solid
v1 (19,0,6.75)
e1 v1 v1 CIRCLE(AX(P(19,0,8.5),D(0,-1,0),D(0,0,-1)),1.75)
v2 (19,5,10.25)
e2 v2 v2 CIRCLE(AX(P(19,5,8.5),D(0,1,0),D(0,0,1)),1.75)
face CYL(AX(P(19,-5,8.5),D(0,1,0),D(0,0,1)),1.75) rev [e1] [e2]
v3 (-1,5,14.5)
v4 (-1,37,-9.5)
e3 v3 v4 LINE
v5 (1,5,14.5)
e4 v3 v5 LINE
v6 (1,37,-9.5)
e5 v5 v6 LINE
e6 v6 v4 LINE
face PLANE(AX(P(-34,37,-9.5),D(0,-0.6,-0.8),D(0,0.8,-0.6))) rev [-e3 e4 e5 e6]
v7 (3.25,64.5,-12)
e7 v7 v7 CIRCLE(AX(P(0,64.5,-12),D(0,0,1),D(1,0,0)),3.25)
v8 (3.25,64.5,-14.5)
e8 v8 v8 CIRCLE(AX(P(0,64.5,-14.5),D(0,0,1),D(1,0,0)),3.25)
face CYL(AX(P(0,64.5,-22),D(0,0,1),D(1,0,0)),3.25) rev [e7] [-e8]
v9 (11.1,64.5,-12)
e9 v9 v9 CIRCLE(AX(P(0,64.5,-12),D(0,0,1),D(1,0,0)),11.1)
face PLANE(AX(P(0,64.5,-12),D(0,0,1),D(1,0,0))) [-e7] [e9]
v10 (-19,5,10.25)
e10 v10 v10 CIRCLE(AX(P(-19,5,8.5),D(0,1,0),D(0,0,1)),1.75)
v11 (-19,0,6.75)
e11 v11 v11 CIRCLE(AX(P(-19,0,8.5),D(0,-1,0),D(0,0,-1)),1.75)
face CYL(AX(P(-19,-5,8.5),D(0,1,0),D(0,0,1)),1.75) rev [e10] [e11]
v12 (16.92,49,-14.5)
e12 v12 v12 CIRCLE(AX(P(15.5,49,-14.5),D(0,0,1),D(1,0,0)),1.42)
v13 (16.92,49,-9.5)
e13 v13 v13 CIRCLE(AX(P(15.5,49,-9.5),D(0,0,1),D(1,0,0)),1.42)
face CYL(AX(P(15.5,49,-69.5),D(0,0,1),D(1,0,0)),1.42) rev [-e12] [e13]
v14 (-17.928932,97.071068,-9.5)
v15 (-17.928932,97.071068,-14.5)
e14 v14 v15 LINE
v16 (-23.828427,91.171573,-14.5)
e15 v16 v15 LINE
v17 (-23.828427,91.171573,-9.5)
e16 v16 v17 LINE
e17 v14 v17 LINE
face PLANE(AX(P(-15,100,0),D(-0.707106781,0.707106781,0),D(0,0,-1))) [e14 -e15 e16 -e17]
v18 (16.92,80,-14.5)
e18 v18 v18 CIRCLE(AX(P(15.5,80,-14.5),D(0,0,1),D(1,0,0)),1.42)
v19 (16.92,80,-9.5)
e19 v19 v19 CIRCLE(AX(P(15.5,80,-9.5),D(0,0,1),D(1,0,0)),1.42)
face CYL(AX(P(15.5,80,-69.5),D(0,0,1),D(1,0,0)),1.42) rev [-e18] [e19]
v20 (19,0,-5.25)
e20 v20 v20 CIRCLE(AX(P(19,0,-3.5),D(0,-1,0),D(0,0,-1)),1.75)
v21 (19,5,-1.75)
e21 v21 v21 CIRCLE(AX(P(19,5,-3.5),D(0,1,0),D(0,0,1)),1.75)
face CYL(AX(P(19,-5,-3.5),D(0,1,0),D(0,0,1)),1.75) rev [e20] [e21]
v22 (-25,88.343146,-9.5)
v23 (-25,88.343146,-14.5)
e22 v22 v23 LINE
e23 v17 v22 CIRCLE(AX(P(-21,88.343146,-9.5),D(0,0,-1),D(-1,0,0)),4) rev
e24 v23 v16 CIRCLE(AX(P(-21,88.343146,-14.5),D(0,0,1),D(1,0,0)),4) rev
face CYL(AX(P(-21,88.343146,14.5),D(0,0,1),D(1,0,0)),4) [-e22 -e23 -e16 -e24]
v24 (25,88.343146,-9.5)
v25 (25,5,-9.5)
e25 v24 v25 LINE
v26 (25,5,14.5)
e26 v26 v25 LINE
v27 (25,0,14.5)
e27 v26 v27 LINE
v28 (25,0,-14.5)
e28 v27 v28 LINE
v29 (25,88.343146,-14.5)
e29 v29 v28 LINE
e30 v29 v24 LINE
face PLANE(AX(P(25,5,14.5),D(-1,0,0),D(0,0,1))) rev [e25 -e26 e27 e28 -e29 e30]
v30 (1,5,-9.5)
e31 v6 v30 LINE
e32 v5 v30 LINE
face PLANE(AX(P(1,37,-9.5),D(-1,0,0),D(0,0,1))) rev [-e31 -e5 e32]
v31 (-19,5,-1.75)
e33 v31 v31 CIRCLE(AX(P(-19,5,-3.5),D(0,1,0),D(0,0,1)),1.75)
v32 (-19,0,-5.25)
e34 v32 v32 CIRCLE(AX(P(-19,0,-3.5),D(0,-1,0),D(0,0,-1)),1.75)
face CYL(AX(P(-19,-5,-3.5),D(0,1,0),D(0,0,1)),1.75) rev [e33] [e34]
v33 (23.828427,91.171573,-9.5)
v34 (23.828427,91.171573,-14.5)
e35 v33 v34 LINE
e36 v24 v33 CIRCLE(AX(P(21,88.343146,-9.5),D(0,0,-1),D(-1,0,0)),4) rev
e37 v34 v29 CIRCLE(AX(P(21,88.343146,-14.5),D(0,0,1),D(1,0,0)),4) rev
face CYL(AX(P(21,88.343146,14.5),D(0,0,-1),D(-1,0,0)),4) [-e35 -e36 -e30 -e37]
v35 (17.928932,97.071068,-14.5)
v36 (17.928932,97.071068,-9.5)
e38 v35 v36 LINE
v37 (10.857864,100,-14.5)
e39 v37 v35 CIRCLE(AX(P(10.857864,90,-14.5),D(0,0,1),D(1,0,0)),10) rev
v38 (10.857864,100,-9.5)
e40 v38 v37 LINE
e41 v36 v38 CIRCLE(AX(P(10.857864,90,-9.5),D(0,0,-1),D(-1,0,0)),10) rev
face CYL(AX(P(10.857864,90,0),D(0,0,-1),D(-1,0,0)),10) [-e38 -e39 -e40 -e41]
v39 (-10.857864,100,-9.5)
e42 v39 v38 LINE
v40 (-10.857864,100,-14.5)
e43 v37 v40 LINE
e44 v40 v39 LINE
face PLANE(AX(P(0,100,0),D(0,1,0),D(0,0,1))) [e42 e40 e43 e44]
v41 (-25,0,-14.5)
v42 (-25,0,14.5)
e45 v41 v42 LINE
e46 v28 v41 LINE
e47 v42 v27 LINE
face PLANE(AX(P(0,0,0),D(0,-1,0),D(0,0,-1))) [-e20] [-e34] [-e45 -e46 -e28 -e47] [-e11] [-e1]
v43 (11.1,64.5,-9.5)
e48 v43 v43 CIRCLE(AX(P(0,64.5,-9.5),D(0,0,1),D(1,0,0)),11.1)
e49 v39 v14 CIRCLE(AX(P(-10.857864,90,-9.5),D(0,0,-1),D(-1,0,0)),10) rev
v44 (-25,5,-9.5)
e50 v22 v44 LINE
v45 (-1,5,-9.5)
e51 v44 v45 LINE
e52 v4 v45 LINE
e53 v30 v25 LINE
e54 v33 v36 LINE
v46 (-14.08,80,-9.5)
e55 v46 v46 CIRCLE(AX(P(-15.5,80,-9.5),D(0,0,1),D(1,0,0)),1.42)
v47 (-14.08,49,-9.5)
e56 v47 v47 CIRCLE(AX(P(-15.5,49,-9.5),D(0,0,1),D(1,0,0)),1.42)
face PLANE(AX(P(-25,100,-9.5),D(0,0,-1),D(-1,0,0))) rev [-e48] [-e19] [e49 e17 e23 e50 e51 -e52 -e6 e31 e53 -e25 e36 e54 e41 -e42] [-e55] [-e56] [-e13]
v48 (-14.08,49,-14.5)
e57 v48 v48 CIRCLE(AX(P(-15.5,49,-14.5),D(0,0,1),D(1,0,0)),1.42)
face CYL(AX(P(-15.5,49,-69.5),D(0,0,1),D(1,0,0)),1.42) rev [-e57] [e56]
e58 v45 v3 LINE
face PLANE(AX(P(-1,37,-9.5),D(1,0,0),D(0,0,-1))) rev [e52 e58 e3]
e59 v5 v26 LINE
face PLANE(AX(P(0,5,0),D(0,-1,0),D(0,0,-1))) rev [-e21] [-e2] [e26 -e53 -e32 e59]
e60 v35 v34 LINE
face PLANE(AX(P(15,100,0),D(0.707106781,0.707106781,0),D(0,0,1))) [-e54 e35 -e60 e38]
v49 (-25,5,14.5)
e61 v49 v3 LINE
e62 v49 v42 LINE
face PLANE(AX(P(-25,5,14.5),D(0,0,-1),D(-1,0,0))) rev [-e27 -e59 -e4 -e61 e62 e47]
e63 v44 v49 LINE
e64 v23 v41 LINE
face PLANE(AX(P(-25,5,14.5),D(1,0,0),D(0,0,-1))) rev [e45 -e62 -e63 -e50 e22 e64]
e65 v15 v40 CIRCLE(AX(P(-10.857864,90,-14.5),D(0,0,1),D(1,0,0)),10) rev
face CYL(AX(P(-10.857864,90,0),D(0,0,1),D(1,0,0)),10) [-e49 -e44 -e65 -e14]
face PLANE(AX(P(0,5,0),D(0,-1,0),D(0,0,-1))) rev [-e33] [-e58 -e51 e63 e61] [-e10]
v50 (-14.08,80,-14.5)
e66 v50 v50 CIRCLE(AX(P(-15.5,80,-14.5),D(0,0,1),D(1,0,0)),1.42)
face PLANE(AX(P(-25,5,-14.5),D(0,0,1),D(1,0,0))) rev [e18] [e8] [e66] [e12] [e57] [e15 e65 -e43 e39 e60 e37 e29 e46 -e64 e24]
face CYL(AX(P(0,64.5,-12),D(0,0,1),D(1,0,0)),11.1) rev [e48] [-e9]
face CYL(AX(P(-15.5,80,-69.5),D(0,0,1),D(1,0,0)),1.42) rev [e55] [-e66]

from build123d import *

# Parameters (mm, degrees)
SKETCH1_W           = 50
SKETCH1_H           = 29
BOSS_EXTRUDE1_DEPTH = 5
SKETCH2_W           = 50
SKETCH2_H           = 5
BOSS_EXTRUDE2_DEPTH = 95
SKETCH3_R           = 1.42
CUT_EXTRUDE1_DEPTH  = 60
SKETCH4_R           = 11.1
CUT_EXTRUDE2_DEPTH  = 2.5
SKETCH5_R           = 3.25
CUT_EXTRUDE3_DEPTH  = 10
SKETCH6_R           = 1.75
CUT_EXTRUDE4_DEPTH  = 10
SKETCH8_W           = 2
SKETCH8_H           = 24
BOSS_EXTRUDE3_DEPTH = 32
CUT_EXTRUDE5_DEPTH  = 35
CHAMFER1_SIZE       = 10
FILLET2_R           = 10
FILLET3_R           = 4
FILLET4_R           = 4


with BuildPart() as part:
    # Sketch1 → Boss-Extrude1 (new body)
    with BuildSketch(Plane(origin=(0, 0, 0), x_dir=(1, 0, 0), z_dir=(0, 1, 0))):
        Rectangle(SKETCH1_W, SKETCH1_H)
    extrude(amount=BOSS_EXTRUDE1_DEPTH)

    # Sketch2 → Boss-Extrude2 (add)
    with BuildSketch(Plane(origin=(0, 5, 0), x_dir=(1, 0, 0), z_dir=(0, 1, 0))):
        with Locations((0, 12)):
            Rectangle(SKETCH2_W, SKETCH2_H)
    extrude(amount=BOSS_EXTRUDE2_DEPTH)

    # Sketch3 → Cut-Extrude1 (cut)
    with BuildSketch(Plane.XY.offset(-9.5)):
        with Locations((-15.5, 49)):
            Circle(SKETCH3_R)
        with Locations((15.5, 49)):
            Circle(SKETCH3_R)
        with Locations((15.5, 80)):
            Circle(SKETCH3_R)
        with Locations((-15.5, 80)):
            Circle(SKETCH3_R)
    extrude(amount=-CUT_EXTRUDE1_DEPTH, mode=Mode.SUBTRACT)

    # Sketch4 → Cut-Extrude2 (cut)
    with BuildSketch(Plane.XY.offset(-9.5)):
        with Locations((0, 64.5)):
            Circle(SKETCH4_R)
    extrude(amount=-CUT_EXTRUDE2_DEPTH, mode=Mode.SUBTRACT)

    # Sketch5 → Cut-Extrude3 (cut)
    with BuildSketch(Plane.XY.offset(-12)):
        with Locations((0, 64.5)):
            Circle(SKETCH5_R)
    extrude(amount=-CUT_EXTRUDE3_DEPTH, mode=Mode.SUBTRACT)

    # Sketch6 → Cut-Extrude4 (cut)
    with BuildSketch(Plane(origin=(0, 5, 0), x_dir=(1, 0, 0), z_dir=(0, 1, 0))):
        with Locations(Location((-19, 3.5, 0), (0, 0, 270))):
            Circle(SKETCH6_R)
        with Locations(Location((-19, -8.5, 0), (0, 0, 270))):
            Circle(SKETCH6_R)
        with Locations(Location((19, -8.5, 0), (0, 0, 270))):
            Circle(SKETCH6_R)
        with Locations(Location((19, 3.5, 0), (0, 0, 270))):
            Circle(SKETCH6_R)
    extrude(amount=-CUT_EXTRUDE4_DEPTH, mode=Mode.SUBTRACT)

    # Sketch8 → Boss-Extrude3 (add)
    with BuildSketch(Plane(origin=(0, 5, 0), x_dir=(1, 0, 0), z_dir=(0, 1, 0))):
        with Locations((0, -2.5)):
            Rectangle(SKETCH8_W, SKETCH8_H)
    extrude(amount=BOSS_EXTRUDE3_DEPTH)

    # Sketch9 → Cut-Extrude5 (cut)
    with BuildSketch(Plane(origin=(1, 0, 0), x_dir=(0, 0, -1), z_dir=(1, 0, 0))):
        Polygon((9.5, 37), (-14.5, 5), (-14.5, 37), align=None)
    extrude(amount=-CUT_EXTRUDE5_DEPTH, mode=Mode.SUBTRACT)

    # Chamfer1
    chamfer1_edges = [part.edges().sort_by_distance(p)[0] for p in [
        (-25, 100, -12),
        (25, 100, -12),
    ]]
    chamfer(chamfer1_edges, length=CHAMFER1_SIZE)

    # Fillet2
    fillet2_edges = [part.edges().sort_by_distance(p)[0] for p in [
        (15, 100, -12),
        (-15, 100, -12),
    ]]
    fillet(fillet2_edges, radius=FILLET2_R)

    # Fillet3
    fillet3_edges = [part.edges().sort_by_distance(p)[0] for p in [
        (25, 90, -12),
    ]]
    fillet(fillet3_edges, radius=FILLET3_R)

    # Fillet4
    fillet4_edges = [part.edges().sort_by_distance(p)[0] for p in [
        (-25, 90, -12),
    ]]
    fillet(fillet4_edges, radius=FILLET4_R)


solid = part.part
